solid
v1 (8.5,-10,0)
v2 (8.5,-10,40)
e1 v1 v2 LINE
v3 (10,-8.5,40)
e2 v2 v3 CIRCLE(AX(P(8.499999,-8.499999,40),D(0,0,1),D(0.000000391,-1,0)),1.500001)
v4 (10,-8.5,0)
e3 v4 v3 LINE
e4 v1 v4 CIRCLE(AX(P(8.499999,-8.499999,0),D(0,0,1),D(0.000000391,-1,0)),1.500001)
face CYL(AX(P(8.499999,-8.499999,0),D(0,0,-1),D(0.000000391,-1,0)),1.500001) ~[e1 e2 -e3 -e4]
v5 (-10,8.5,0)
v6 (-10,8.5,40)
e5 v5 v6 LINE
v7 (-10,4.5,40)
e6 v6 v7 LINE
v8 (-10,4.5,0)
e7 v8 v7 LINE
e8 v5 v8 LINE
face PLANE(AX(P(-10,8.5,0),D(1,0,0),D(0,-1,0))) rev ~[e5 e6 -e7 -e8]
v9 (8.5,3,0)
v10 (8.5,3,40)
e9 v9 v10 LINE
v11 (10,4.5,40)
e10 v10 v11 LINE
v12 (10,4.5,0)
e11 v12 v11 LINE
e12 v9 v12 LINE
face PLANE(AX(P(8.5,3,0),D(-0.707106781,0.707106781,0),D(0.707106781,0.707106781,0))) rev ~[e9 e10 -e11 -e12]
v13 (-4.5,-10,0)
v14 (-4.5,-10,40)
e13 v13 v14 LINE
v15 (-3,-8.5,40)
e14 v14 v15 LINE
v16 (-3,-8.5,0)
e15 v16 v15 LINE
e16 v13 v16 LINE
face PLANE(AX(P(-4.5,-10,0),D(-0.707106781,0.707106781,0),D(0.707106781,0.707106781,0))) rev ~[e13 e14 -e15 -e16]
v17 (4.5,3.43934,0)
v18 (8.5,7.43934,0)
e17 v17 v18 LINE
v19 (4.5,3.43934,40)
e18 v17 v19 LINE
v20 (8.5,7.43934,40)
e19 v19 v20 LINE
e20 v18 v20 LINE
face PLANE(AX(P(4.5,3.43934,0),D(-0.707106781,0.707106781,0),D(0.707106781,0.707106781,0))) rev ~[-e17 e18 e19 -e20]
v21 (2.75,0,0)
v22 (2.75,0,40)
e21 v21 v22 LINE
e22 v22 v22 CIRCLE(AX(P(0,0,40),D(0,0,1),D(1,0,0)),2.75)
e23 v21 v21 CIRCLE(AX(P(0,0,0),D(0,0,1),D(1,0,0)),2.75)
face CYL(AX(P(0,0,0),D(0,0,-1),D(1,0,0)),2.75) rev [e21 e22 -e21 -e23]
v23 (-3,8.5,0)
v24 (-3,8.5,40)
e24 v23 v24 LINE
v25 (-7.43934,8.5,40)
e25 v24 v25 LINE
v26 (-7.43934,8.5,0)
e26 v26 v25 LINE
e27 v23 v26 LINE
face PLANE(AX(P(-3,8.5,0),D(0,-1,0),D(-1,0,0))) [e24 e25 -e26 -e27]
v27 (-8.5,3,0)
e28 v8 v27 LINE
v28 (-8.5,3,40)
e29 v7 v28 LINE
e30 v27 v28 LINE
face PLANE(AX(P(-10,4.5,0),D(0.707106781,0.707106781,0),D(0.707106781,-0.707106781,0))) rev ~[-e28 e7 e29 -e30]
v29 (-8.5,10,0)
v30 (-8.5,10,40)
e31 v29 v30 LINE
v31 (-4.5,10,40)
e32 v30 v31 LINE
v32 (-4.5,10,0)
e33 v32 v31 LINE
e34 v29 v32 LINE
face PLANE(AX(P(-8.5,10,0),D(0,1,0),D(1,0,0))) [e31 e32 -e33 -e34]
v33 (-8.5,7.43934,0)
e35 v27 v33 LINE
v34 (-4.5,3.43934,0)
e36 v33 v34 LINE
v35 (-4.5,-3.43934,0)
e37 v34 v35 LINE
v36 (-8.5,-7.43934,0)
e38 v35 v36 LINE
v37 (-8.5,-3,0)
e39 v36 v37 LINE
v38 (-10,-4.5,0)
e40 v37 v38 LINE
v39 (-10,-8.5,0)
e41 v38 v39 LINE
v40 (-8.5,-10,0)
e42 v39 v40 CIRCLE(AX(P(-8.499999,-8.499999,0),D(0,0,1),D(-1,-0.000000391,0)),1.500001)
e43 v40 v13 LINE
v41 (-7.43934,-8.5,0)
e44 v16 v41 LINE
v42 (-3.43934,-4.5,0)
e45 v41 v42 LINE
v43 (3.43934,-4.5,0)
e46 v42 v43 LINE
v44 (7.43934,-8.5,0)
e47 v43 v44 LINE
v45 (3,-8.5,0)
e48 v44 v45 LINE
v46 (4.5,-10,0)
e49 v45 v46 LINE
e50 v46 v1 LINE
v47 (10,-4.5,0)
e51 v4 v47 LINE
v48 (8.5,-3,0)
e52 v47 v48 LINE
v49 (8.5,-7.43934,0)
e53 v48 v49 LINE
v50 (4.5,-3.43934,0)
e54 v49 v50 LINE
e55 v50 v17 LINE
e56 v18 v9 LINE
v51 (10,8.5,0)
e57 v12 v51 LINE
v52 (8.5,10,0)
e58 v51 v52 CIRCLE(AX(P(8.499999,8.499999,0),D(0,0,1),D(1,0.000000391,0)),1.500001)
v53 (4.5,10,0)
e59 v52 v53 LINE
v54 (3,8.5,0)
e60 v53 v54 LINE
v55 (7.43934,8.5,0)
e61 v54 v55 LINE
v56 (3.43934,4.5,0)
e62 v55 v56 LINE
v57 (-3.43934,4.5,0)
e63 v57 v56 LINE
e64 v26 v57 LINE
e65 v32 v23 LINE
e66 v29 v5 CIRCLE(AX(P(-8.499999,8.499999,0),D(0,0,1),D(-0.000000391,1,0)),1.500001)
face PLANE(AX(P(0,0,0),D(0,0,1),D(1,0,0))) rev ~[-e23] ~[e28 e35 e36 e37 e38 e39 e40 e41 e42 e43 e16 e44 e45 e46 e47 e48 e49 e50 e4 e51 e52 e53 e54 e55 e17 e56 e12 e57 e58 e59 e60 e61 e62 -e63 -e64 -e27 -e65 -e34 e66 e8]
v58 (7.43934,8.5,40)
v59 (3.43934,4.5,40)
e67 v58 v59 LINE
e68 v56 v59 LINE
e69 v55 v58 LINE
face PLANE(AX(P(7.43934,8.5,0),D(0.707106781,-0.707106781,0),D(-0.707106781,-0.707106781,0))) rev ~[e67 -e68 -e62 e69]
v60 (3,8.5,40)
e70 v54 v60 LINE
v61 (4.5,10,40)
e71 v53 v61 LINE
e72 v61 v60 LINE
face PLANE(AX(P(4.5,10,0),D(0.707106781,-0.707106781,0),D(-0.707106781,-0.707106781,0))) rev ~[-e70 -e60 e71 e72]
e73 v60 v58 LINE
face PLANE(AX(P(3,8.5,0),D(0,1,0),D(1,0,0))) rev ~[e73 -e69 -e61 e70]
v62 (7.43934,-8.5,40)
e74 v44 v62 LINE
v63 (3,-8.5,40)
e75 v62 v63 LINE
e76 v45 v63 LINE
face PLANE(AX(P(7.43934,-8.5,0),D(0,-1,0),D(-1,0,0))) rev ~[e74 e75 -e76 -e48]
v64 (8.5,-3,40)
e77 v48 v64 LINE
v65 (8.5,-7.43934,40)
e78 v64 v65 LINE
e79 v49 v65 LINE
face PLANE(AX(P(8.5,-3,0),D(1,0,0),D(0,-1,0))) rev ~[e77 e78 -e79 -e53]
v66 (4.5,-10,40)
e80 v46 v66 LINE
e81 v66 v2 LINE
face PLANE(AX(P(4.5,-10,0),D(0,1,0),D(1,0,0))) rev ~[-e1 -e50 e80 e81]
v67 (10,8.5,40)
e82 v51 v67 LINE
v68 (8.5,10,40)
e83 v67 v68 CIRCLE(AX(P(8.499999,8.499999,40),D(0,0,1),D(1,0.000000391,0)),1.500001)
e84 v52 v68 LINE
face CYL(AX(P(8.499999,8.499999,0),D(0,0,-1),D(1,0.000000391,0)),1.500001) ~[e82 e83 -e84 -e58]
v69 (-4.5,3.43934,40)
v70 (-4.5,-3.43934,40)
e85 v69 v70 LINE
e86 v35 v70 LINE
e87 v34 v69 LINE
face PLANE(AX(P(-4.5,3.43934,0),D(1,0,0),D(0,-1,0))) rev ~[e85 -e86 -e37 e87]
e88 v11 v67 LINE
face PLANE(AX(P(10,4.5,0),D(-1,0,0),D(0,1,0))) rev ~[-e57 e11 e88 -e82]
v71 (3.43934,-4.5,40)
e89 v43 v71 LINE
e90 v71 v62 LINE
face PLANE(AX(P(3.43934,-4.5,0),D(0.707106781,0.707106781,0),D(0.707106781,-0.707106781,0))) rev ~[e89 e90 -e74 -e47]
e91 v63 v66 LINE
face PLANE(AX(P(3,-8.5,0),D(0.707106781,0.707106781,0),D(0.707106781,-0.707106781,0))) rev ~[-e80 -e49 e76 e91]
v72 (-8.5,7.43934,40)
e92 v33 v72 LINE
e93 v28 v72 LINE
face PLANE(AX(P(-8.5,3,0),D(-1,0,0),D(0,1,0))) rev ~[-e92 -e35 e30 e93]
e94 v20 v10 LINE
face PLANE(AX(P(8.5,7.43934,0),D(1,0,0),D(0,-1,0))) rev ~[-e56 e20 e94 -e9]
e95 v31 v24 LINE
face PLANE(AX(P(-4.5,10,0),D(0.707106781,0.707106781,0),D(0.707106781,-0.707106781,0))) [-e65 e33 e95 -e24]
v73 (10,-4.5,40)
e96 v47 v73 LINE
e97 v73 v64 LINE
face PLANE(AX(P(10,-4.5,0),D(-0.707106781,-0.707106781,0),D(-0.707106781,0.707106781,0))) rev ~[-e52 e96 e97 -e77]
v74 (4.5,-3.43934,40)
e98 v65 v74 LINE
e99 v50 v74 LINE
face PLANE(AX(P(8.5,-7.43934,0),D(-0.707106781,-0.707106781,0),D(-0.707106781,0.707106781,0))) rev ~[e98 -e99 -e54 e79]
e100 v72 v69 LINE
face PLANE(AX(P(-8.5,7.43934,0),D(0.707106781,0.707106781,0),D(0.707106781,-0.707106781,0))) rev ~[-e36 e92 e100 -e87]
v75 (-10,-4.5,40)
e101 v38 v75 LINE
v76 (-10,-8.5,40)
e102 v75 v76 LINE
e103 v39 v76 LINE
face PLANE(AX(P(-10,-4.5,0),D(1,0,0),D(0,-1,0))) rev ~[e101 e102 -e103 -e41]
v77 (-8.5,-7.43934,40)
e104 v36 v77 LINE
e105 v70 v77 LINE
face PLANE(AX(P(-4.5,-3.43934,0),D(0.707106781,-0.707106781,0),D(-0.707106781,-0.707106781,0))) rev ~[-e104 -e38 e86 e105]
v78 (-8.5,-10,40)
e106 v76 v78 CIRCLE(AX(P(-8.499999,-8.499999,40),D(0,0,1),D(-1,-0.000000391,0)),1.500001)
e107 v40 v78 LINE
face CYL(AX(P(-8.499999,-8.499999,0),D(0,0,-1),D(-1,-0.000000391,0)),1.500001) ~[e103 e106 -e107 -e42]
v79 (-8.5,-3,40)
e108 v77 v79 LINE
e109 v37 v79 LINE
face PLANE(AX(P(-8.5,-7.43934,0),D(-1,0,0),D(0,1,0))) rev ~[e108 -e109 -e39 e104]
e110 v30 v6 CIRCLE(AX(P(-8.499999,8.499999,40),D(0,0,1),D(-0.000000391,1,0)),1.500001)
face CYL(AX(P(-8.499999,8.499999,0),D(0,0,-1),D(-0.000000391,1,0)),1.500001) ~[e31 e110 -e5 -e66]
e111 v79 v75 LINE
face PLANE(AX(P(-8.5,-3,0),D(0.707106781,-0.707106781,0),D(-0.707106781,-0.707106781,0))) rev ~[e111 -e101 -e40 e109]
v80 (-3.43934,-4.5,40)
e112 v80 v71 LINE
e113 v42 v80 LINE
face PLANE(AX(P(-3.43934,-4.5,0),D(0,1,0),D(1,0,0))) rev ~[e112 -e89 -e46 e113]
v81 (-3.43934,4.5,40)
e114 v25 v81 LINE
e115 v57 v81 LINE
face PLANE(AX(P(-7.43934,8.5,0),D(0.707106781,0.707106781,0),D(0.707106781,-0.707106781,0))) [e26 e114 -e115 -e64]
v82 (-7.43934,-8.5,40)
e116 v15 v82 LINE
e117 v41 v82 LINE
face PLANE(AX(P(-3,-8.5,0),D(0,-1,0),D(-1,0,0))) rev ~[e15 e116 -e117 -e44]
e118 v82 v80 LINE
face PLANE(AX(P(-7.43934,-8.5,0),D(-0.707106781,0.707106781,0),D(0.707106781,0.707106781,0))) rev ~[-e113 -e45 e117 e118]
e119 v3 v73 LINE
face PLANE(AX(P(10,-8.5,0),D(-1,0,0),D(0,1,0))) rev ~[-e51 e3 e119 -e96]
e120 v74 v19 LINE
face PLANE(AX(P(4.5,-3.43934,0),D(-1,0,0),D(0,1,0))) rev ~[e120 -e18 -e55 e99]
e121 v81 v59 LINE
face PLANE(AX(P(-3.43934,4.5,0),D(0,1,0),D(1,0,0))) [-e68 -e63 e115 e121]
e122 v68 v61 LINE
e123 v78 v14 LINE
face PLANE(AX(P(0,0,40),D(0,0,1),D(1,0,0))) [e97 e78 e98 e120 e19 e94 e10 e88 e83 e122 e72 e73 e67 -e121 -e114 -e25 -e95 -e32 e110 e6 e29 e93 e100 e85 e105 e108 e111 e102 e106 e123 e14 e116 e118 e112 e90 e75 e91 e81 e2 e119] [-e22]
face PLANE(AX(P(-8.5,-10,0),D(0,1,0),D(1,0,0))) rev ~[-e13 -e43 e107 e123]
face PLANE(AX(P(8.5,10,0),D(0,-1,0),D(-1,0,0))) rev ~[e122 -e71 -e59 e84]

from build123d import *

# Parameters (mm, degrees)
SKETCH_R  = 2.75
PAD_DEPTH = 40


with BuildPart() as part:
    # Sketch → Pad (new body)
    with BuildSketch(Plane.XY):
        with BuildLine():
            ThreePointArc((-8.5, 10), (-9.56066, 9.56066), (-10, 8.5))
            Line((-10, 8.5), (-10, 4.5))
            Line((-10, 4.5), (-8.5, 3))
            Line((-8.5, 3), (-8.5, 7.43934))
            Line((-8.5, 7.43934), (-4.5, 3.43934))
            Line((-4.5, 3.43934), (-4.5, -3.43934))
            Line((-4.5, -3.43934), (-8.5, -7.43934))
            Line((-8.5, -7.43934), (-8.5, -3))
            Line((-8.5, -3), (-10, -4.5))
            Line((-10, -4.5), (-10, -8.5))
            ThreePointArc((-10, -8.5), (-9.56066, -9.56066), (-8.5, -10))
            Line((-8.5, -10), (-4.5, -10))
            Line((-4.5, -10), (-3, -8.5))
            Line((-3, -8.5), (-7.43934, -8.5))
            Line((-7.43934, -8.5), (-3.43934, -4.5))
            Line((-3.43934, -4.5), (3.43934, -4.5))
            Line((3.43934, -4.5), (7.43934, -8.5))
            Line((7.43934, -8.5), (3, -8.5))
            Line((3, -8.5), (4.5, -10))
            Line((4.5, -10), (8.5, -10))
            ThreePointArc((8.5, -10), (9.56066, -9.56066), (10, -8.5))
            Line((10, -8.5), (10, -4.5))
            Line((10, -4.5), (8.5, -3))
            Line((8.5, -3), (8.5, -7.43934))
            Line((8.5, -7.43934), (4.5, -3.43934))
            Line((4.5, -3.43934), (4.5, 3.43934))
            Line((4.5, 3.43934), (8.5, 7.43934))
            Line((8.5, 7.43934), (8.5, 3))
            Line((8.5, 3), (10, 4.5))
            Line((10, 4.5), (10, 8.5))
            ThreePointArc((10, 8.5), (9.56066, 9.56066), (8.5, 10))
            Line((8.5, 10), (4.5, 10))
            Line((4.5, 10), (3, 8.5))
            Line((3, 8.5), (7.43934, 8.5))
            Line((7.43934, 8.5), (3.43934, 4.5))
            Line((-3.43934, 4.5), (3.43934, 4.5))
            Line((-7.43934, 8.5), (-3.43934, 4.5))
            Line((-3, 8.5), (-7.43934, 8.5))
            Line((-4.5, 10), (-3, 8.5))
            Line((-8.5, 10), (-4.5, 10))
        make_face()
        Circle(SKETCH_R, mode=Mode.SUBTRACT)
    extrude(amount=PAD_DEPTH)


solid = part.part
